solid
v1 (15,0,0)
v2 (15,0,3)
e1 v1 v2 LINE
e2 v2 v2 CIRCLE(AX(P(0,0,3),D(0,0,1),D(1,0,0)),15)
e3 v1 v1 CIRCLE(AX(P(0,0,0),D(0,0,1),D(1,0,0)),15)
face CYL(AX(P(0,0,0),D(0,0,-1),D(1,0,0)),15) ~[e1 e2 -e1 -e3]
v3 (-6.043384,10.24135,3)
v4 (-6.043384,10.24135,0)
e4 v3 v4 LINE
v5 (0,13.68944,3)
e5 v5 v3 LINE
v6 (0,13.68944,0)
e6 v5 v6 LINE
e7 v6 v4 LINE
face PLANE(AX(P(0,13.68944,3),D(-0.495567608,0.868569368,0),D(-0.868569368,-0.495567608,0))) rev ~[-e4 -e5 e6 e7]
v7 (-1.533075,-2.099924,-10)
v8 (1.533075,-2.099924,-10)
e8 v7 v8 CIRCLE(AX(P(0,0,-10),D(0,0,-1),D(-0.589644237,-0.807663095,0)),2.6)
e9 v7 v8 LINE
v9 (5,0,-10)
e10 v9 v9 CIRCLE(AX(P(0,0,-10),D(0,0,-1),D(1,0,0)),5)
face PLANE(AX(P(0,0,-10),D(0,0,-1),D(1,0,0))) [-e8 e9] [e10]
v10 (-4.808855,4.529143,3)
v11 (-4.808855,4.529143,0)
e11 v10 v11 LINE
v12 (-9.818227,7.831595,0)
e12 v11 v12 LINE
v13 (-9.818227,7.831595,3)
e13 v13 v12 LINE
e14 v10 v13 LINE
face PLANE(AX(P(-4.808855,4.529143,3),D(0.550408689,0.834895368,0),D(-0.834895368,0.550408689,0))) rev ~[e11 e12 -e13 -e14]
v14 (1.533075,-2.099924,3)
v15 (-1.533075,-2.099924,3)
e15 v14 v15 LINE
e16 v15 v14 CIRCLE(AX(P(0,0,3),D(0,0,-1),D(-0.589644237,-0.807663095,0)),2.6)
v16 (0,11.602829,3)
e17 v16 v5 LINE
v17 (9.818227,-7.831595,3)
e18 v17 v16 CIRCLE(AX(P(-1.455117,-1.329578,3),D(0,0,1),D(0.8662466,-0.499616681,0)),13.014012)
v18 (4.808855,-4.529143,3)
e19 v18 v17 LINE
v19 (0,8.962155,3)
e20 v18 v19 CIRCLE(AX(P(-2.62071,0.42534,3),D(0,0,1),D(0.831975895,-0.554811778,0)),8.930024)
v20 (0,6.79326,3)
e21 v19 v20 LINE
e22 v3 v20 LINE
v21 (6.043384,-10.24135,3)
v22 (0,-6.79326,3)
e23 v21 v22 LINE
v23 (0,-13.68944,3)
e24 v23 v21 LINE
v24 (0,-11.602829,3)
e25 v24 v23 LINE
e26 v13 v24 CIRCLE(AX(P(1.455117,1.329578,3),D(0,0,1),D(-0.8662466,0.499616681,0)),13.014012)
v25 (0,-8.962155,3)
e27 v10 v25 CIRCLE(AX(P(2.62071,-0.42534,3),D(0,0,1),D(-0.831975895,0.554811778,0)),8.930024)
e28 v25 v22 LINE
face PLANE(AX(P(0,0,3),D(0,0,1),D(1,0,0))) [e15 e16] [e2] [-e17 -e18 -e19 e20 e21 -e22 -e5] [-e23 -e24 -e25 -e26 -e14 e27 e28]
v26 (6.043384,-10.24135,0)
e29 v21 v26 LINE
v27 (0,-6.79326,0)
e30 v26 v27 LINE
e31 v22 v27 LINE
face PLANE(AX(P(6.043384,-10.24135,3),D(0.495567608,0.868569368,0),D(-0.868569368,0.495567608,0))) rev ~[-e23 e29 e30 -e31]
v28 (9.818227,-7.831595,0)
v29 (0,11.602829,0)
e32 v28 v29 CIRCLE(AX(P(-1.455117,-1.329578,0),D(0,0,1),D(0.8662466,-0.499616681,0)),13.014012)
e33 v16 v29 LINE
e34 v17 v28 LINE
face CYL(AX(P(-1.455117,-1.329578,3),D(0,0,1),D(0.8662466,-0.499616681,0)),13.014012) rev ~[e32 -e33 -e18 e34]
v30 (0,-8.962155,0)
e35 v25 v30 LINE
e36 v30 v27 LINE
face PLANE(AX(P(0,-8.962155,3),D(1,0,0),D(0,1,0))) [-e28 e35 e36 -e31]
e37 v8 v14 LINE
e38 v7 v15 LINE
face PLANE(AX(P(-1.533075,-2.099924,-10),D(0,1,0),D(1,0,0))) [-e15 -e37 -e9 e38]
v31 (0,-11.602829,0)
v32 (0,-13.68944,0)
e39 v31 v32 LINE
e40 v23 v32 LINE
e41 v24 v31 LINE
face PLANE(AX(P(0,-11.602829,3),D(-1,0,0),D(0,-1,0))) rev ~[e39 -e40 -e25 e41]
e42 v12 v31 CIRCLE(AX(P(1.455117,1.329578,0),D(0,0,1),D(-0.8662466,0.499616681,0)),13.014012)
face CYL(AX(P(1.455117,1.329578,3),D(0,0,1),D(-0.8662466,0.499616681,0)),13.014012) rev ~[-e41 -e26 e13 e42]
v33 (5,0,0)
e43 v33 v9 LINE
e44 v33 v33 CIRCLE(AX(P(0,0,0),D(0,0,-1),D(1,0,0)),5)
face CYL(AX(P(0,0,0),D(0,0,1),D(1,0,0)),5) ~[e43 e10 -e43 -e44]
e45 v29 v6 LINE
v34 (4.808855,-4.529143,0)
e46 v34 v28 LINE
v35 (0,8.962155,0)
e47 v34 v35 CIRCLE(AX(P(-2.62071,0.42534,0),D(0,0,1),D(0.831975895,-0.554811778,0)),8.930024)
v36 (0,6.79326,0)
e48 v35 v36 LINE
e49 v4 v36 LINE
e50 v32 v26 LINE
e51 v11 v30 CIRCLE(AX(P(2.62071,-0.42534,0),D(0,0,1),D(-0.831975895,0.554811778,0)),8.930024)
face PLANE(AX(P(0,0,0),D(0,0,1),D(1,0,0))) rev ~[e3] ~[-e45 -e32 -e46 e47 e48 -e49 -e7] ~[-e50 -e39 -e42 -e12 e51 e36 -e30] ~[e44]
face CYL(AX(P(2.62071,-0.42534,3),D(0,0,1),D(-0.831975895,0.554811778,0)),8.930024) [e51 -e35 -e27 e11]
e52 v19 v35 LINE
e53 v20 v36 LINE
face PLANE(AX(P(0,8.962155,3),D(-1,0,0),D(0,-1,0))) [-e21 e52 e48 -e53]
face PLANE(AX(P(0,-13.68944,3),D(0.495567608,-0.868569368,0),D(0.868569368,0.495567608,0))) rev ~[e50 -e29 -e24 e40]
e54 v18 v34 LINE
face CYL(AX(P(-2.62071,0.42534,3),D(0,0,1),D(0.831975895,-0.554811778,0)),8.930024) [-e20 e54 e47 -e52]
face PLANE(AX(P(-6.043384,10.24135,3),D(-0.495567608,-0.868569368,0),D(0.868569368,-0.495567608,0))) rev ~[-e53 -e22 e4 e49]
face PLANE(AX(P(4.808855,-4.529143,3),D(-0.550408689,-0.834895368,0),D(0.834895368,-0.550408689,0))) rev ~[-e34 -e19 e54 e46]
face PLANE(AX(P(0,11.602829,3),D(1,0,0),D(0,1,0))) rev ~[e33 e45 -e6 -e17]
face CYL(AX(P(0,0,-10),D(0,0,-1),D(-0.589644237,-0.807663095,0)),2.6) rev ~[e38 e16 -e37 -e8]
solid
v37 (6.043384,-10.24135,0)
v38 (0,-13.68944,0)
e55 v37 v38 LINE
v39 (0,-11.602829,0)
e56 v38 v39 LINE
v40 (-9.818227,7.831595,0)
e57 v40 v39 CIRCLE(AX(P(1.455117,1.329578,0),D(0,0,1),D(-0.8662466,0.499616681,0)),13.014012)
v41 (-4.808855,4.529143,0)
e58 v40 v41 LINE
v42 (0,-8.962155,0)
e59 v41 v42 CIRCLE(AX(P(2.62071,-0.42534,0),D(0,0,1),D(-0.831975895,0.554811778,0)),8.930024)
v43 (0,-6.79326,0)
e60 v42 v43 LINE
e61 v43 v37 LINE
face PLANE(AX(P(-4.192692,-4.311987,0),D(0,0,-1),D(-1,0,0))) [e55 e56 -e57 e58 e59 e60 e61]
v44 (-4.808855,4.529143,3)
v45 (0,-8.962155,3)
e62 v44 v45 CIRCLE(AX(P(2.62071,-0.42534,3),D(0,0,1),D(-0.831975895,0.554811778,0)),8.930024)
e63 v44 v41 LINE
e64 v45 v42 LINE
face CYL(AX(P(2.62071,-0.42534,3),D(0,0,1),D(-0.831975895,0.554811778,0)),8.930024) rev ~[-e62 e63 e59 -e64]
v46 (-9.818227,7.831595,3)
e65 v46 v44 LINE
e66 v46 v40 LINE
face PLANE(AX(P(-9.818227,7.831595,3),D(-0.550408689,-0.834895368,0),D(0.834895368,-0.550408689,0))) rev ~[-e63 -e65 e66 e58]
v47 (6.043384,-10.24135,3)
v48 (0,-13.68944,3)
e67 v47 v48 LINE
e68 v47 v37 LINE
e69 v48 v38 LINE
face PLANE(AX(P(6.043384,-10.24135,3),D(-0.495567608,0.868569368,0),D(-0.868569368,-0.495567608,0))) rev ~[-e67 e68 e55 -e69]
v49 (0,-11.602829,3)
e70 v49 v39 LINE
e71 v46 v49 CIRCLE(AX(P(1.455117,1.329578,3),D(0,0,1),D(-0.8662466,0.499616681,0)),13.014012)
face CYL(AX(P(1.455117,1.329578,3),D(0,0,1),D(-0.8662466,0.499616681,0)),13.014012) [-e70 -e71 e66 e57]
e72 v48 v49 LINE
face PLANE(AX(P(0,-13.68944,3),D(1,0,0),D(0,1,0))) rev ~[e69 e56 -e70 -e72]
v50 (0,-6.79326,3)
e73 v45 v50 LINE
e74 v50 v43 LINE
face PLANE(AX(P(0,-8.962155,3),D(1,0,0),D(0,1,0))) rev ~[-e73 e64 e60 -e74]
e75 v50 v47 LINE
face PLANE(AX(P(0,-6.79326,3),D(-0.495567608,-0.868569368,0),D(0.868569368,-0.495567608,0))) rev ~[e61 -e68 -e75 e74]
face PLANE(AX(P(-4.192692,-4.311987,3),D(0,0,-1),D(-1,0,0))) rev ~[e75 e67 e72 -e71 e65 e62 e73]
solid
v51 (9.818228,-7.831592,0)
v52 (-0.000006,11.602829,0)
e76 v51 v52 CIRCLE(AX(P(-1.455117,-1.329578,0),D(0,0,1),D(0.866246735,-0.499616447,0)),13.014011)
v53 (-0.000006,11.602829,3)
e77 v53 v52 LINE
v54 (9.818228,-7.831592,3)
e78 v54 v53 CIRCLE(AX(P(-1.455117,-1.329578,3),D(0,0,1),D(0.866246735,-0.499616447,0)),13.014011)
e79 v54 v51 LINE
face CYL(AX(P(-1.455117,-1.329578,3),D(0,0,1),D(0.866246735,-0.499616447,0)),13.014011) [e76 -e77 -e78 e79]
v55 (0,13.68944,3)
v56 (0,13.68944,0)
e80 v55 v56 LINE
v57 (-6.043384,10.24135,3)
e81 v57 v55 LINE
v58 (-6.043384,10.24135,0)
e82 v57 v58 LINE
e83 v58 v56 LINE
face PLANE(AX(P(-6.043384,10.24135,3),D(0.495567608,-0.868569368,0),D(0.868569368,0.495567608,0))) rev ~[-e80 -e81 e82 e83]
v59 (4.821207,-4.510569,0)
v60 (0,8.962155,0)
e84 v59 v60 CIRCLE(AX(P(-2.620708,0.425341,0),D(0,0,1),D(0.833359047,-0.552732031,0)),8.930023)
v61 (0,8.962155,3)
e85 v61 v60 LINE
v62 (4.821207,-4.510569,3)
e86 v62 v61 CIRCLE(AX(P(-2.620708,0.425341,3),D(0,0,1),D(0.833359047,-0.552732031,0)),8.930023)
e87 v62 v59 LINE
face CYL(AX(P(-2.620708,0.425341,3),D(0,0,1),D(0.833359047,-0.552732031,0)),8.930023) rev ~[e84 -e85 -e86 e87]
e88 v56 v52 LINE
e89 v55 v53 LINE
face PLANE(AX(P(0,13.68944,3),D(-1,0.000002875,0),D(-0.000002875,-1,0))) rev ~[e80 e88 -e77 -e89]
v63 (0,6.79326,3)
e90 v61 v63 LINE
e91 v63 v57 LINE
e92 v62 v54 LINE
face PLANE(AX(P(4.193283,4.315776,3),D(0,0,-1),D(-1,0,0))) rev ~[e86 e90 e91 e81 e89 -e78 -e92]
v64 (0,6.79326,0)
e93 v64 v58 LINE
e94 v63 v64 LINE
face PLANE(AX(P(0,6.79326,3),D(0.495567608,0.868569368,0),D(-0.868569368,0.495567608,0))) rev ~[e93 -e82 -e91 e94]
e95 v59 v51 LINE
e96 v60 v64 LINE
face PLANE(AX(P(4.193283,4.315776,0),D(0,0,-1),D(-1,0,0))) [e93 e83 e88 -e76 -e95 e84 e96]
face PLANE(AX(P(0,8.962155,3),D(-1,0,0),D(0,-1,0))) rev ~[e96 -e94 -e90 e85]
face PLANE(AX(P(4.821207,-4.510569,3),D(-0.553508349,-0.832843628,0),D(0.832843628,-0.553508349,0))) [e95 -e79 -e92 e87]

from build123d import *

# Parameters (mm, degrees)
PAD001_DEPTH       = 3
SKETCH_R           = 15
PAD_DEPTH          = 3
POCKET_DEPTH       = 5
POLARPATTERN_COUNT = 2
SKETCH002_R        = 5
PAD002_DEPTH       = 10
POCKET001_DEPTH    = 13.001


with BuildPart() as pad001:
    # Sketch007 → Pad001 (new body)
    with BuildSketch(Plane.XY.offset(3)):
        with BuildLine():
            Line((0, 8.962155), (0, 6.79326))
            Line((0, 6.79326), (-6.043384, 10.24135))
            Line((-6.043384, 10.24135), (0, 13.68944))
            Line((0, 13.68944), (-6e-06, 11.602829))
            ThreePointArc((9.818228, -7.831592), (10.160716, 4.53872), (-6e-06, 11.602829))
            Line((4.821207, -4.510569), (9.818228, -7.831592))
            ThreePointArc((4.821207, -4.510569), (5.787185, 3.434101), (0, 8.962155))
        make_face()
        with BuildLine():
            Line((-9.818227, 7.831595), (-4.808855, 4.529143))
            ThreePointArc((-4.808855, 4.529143), (-5.790936, -3.423597), (0, -8.962155))
            Line((0, -8.962155), (0, -6.79326))
            Line((0, -6.79326), (6.043384, -10.24135))
            Line((6.043384, -10.24135), (0, -13.68944))
            Line((0, -13.68944), (0, -11.602829))
            ThreePointArc((-9.818227, 7.831595), (-10.160719, -4.538716), (0, -11.602829))
        make_face()
    extrude(amount=-PAD001_DEPTH)


with BuildPart() as pocket001:
    # Sketch → Pad (new body)
    with BuildSketch(Plane.XY):
        Circle(SKETCH_R)
    extrude(amount=PAD_DEPTH)

    # Sketch001 → Pocket (cut)
    with BuildSketch(Plane.XY.offset(3)):
        with BuildLine():
            Line((-6.043384, 10.24135), (0, 6.79326))
            Line((0, 8.962155), (0, 6.79326))
            ThreePointArc((4.808855, -4.529143), (5.790936, 3.423597), (0, 8.962155))
            Line((4.808855, -4.529143), (9.818227, -7.831595))
            ThreePointArc((9.818227, -7.831595), (10.160719, 4.538716), (0, 11.602829))
            Line((0, 11.602829), (0, 13.68944))
            Line((0, 13.68944), (-6.043384, 10.24135))
        make_face()
    pocket = extrude(amount=-POCKET_DEPTH, mode=Mode.SUBTRACT)

    # PolarPattern: Pocket ×2 about axis
    polarpattern_axis = Axis((0, 0, 3), (0, 0, 1))
    for i in range(1, POLARPATTERN_COUNT):
        add(pocket.rotate(polarpattern_axis, i * 360 / POLARPATTERN_COUNT), mode=Mode.SUBTRACT)

    # Sketch002 → Pad002 (new body)
    with BuildSketch(Plane(origin=(0, 0, 0), x_dir=(1, 0, 0), z_dir=(0, 0, -1))):
        Circle(SKETCH002_R)
    extrude(amount=PAD002_DEPTH)

    # Sketch003 → Pocket001 (cut, through all)
    with BuildSketch(Plane(origin=(0, 0, -10), x_dir=(1, 0, 0), z_dir=(0, 0, -1))):
        with BuildLine():
            ThreePointArc((-1.533075, 2.099924), (0, -2.6), (1.533075, 2.099924))
            Line((-1.533075, 2.099924), (1.533075, 2.099924))
        make_face()
    extrude(amount=-POCKET001_DEPTH, mode=Mode.SUBTRACT)


solid = Compound([pad001.part, pocket001.part])
